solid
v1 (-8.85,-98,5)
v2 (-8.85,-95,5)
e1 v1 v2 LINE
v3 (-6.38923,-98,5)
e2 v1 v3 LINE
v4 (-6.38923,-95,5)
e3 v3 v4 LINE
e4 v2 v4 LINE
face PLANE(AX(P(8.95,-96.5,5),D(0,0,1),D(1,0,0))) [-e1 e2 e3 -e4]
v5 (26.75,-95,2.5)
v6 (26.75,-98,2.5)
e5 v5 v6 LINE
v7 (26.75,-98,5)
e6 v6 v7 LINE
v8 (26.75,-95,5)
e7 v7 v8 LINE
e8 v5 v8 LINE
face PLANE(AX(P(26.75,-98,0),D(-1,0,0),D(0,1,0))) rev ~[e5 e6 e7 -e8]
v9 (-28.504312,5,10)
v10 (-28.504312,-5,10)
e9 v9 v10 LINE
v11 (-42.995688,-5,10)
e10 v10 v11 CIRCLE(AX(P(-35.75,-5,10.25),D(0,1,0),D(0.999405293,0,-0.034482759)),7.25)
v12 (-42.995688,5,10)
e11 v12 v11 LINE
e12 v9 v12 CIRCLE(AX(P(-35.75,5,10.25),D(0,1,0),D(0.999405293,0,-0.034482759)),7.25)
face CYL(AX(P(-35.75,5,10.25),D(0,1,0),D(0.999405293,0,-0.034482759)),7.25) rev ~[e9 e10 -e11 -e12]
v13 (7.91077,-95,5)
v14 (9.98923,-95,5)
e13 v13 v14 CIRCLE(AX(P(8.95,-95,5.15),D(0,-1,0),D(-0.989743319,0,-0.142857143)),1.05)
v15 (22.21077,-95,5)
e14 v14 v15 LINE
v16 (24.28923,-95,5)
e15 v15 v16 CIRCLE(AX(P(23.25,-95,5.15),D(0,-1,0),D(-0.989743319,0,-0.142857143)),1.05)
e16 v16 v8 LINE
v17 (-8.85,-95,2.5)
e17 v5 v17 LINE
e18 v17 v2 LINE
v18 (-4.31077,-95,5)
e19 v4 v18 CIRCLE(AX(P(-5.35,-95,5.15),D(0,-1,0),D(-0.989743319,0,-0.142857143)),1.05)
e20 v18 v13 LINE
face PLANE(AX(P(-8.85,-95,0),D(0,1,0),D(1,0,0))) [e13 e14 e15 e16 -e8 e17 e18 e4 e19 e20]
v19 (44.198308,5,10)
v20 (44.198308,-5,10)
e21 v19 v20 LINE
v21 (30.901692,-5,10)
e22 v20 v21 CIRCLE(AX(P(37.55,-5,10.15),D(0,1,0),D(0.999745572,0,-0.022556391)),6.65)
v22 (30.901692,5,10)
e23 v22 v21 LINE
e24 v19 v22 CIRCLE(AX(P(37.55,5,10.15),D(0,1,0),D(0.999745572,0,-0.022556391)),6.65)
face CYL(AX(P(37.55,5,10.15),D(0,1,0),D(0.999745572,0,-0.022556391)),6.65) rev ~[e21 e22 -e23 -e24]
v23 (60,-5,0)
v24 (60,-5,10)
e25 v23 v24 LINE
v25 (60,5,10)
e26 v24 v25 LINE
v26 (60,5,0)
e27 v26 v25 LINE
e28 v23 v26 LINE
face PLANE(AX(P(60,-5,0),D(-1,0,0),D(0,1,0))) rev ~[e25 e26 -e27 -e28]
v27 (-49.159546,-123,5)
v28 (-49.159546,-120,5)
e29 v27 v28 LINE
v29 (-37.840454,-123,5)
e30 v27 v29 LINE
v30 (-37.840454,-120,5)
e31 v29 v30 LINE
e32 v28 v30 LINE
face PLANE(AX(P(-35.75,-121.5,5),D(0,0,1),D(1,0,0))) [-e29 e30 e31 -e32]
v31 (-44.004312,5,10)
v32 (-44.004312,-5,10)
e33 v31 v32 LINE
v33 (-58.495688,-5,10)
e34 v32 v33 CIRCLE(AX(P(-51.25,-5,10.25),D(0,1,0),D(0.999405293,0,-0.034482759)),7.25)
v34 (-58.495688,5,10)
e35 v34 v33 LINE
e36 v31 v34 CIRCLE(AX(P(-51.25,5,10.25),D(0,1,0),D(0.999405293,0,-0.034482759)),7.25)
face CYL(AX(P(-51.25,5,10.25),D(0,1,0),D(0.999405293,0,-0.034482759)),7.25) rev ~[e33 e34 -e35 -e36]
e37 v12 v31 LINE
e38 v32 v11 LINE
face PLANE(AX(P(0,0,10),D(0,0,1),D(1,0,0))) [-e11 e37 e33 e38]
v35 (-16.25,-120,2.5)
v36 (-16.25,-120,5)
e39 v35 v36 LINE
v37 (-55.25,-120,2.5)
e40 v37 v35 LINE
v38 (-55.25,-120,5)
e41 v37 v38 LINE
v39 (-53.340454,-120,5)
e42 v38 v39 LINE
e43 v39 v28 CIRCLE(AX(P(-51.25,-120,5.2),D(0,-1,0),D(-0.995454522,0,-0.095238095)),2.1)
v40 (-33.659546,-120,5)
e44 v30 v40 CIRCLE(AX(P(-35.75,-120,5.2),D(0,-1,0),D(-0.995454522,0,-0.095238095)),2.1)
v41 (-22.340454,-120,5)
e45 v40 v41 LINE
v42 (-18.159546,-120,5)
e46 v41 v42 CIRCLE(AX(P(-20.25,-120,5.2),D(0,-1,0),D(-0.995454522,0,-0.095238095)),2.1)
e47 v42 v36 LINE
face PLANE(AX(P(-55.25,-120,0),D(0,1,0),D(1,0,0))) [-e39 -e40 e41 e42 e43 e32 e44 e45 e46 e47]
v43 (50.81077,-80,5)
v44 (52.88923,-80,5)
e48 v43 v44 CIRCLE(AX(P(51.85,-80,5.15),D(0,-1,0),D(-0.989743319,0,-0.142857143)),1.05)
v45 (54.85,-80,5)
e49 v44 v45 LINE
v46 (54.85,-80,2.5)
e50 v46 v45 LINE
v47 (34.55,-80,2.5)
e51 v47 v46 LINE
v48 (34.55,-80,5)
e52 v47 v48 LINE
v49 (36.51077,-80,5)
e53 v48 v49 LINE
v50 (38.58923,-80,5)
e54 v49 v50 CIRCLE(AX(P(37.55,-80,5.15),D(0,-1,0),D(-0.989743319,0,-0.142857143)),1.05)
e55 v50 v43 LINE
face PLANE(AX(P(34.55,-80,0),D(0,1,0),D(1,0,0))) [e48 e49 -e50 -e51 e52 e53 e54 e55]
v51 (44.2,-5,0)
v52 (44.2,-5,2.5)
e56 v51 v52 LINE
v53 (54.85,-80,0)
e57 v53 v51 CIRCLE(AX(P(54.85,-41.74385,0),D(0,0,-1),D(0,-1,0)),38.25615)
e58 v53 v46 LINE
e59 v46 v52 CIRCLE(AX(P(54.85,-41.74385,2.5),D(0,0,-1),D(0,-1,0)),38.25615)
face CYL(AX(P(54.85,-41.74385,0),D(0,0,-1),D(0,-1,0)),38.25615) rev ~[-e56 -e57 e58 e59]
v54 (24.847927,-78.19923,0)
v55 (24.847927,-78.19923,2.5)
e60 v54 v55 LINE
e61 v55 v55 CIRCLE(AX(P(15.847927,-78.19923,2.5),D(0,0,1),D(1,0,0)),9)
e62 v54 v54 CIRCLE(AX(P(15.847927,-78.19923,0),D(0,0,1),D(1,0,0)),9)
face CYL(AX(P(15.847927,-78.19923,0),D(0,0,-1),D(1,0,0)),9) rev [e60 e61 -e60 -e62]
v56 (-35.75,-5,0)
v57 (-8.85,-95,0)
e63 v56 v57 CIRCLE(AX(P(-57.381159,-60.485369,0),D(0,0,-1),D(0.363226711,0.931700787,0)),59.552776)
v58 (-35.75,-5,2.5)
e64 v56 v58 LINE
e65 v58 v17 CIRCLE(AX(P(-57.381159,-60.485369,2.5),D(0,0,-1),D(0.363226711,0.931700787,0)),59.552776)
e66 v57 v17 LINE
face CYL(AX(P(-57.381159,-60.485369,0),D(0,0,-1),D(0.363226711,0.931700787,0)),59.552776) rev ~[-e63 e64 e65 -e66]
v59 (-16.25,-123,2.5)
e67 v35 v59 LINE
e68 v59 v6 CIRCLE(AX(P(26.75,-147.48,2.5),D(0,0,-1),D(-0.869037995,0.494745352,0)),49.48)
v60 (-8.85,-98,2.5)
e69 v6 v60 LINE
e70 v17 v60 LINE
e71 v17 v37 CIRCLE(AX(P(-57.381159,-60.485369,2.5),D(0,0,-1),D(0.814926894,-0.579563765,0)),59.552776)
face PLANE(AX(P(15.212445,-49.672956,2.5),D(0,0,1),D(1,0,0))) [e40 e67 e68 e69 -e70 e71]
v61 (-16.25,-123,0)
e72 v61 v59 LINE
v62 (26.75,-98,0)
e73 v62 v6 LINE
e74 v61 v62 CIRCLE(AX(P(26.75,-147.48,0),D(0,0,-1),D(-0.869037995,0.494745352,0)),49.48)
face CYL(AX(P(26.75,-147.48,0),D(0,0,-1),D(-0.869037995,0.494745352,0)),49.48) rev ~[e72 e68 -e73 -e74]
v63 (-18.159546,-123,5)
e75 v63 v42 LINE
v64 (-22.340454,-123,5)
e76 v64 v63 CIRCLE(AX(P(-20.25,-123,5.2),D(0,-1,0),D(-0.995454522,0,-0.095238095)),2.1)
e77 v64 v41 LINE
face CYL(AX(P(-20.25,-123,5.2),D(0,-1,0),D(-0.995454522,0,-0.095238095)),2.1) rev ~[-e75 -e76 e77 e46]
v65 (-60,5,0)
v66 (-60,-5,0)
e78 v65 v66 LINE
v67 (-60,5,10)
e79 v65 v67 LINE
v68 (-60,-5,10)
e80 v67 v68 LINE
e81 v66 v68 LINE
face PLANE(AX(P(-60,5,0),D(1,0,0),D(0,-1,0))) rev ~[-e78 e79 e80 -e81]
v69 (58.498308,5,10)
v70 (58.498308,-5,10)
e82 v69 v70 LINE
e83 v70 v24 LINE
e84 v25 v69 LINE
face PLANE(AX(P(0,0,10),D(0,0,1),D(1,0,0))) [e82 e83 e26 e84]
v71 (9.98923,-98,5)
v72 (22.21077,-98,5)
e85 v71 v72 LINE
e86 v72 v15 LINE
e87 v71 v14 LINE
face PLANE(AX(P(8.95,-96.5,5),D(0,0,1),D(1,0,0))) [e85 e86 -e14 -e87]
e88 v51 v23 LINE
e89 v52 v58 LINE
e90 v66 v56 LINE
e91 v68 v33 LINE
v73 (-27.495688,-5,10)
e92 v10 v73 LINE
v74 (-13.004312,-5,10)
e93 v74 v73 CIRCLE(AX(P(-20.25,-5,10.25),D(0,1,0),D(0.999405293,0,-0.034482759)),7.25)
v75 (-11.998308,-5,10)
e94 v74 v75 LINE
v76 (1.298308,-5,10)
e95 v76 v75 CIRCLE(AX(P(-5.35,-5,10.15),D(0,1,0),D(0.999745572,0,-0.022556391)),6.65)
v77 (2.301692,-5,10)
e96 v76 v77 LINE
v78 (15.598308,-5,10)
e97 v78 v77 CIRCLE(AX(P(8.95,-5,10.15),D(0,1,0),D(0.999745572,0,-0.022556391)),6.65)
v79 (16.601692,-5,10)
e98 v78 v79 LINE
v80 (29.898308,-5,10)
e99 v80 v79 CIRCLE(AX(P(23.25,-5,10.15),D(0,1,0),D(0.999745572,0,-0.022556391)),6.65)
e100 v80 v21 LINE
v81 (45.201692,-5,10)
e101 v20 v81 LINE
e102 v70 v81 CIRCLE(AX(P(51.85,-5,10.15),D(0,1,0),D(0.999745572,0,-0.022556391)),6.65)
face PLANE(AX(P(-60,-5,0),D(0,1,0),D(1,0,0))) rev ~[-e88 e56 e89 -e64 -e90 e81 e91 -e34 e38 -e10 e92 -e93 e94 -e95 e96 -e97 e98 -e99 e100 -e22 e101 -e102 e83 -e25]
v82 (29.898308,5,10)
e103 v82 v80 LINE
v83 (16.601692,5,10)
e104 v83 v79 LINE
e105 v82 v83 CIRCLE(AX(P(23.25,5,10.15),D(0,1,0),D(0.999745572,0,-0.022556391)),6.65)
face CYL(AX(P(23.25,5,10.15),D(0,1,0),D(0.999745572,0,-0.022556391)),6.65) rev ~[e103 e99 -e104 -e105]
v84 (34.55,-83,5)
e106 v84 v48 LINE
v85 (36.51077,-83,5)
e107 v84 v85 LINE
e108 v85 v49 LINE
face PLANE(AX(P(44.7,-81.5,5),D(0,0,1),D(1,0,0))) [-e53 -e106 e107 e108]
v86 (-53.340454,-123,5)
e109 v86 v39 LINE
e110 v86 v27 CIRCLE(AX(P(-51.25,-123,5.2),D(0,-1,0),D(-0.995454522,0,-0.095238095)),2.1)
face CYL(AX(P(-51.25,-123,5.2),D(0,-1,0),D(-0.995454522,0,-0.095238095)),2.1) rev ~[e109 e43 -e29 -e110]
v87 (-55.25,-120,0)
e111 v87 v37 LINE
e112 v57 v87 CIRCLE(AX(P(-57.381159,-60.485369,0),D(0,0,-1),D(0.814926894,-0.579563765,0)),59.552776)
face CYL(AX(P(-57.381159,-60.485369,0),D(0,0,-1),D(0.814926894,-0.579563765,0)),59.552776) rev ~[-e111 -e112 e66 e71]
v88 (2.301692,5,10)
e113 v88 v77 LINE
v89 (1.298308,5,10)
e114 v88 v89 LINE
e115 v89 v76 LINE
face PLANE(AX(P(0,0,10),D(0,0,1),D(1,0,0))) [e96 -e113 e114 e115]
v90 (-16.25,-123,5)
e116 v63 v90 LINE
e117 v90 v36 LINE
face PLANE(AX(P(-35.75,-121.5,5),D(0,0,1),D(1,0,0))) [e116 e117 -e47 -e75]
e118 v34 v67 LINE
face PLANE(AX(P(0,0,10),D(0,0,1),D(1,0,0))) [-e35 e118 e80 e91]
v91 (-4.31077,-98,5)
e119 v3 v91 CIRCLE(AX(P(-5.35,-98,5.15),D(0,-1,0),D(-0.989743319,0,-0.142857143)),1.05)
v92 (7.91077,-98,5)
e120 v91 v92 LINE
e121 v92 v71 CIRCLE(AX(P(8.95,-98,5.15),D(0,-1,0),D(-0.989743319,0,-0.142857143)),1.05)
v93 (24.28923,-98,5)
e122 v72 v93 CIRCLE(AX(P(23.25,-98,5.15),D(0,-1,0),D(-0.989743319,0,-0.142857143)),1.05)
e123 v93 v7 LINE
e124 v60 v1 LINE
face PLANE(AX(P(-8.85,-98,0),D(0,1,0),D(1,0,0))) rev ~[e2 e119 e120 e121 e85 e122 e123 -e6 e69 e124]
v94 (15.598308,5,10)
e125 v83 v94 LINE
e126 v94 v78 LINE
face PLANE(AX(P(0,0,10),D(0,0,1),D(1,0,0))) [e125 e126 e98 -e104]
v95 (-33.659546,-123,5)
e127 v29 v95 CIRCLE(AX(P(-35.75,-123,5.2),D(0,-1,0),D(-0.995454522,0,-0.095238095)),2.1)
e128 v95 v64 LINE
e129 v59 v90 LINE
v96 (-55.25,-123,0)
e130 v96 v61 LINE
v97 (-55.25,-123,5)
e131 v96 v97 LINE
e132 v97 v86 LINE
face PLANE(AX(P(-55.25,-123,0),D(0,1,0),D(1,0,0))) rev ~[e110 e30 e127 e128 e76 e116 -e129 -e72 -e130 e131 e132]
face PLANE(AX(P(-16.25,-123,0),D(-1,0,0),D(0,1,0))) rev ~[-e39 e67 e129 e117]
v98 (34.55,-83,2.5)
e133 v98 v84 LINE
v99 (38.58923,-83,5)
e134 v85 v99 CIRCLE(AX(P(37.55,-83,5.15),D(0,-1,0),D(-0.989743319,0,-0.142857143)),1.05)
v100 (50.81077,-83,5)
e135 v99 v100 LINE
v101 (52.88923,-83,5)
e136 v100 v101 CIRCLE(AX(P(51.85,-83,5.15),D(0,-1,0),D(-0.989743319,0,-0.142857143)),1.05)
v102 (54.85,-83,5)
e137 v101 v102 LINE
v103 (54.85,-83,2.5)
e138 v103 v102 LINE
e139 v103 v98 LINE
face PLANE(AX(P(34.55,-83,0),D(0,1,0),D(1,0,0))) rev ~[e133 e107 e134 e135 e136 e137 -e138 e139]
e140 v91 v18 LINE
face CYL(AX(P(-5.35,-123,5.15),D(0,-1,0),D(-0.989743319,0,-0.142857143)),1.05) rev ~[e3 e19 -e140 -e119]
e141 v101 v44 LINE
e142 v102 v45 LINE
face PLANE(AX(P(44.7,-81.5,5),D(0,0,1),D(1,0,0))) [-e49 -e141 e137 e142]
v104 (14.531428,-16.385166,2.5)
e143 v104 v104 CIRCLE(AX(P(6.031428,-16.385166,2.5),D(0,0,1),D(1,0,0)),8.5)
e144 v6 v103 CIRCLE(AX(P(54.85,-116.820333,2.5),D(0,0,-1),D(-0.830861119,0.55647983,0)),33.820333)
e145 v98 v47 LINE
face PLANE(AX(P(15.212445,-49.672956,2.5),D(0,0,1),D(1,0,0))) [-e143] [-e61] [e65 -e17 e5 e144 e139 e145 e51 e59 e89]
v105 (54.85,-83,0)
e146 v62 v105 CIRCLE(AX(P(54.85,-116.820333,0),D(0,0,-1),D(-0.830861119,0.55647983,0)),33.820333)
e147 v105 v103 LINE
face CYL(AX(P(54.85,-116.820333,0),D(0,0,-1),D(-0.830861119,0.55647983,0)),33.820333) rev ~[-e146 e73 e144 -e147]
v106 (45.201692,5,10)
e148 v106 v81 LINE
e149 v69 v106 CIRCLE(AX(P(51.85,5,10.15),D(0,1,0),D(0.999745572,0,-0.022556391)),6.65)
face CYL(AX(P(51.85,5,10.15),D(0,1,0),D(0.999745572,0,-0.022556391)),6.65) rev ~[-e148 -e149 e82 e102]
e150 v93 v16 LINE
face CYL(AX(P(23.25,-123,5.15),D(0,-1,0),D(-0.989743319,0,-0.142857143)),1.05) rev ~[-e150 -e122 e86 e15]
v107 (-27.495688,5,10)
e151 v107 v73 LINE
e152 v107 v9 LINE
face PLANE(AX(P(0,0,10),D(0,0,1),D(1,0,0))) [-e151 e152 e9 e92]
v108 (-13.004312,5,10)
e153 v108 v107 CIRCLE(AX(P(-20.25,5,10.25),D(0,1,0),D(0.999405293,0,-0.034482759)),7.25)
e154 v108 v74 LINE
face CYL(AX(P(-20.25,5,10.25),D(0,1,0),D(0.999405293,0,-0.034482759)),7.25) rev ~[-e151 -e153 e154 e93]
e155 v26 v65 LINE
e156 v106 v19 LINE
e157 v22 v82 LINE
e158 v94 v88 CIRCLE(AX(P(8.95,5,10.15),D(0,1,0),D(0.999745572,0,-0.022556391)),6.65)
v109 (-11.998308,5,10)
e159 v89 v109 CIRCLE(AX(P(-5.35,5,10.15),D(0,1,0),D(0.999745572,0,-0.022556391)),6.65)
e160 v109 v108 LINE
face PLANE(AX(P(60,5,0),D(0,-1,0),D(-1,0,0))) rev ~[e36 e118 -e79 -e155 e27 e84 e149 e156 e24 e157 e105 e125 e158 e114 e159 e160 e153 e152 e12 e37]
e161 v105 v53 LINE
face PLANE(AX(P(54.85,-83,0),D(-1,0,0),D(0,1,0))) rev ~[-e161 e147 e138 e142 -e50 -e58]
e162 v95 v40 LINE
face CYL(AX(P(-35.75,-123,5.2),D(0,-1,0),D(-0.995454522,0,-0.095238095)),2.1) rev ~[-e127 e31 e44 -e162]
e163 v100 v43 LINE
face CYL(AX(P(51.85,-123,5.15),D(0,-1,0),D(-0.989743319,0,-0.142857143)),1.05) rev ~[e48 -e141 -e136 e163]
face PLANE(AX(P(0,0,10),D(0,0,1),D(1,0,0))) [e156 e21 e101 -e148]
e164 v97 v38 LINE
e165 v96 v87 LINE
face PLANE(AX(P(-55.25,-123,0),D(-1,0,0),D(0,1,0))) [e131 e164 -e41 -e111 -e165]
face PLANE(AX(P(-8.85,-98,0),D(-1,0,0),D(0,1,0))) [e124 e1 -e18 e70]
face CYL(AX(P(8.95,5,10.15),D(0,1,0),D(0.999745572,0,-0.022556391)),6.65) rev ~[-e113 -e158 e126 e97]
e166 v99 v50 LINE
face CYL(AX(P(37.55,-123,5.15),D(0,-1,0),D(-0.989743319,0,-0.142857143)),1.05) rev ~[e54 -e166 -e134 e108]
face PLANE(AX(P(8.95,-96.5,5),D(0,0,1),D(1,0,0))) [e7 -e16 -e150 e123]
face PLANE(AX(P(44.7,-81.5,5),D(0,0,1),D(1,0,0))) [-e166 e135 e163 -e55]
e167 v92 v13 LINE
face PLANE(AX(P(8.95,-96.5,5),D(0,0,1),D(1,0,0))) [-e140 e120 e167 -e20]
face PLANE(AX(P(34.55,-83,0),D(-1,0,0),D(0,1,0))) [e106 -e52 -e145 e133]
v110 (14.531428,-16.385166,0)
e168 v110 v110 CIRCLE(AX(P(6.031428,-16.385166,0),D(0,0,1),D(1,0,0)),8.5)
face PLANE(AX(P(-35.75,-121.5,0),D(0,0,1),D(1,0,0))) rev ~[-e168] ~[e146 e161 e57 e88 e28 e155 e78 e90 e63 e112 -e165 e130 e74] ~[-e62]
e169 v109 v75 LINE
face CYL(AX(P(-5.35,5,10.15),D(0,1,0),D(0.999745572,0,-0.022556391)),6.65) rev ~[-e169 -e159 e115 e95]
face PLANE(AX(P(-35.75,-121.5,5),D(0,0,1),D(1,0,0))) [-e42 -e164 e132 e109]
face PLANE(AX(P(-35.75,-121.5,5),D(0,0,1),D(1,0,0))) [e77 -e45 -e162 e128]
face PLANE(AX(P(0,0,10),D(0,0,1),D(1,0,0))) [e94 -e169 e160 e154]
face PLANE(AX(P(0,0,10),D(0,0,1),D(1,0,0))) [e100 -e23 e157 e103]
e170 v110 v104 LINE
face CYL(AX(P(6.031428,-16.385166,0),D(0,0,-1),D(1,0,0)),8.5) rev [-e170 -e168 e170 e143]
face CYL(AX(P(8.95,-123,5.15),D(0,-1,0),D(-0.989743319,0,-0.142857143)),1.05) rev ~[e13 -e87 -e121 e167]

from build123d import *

# Parameters (mm, degrees)
F1_DEPTH = 10
F0_R     = 9
F0_R_2   = 8.5
F0_W     = 35.6
F0_H     = 3
F2_DEPTH = 2.5
F0_W_2   = 39
F0_W_3   = 20.3
F3_DEPTH = 5
F5_DEPTH = 10
F7_DEPTH = 43


with BuildPart() as f1:
    # F0 (on Top) → F1 (new body)
    with BuildSketch(Plane.XY):
        Polygon((-60, 5), (-60, -5), (-35.75, -5), (44.2, -5), (60, -5), (60, 5), (58.5, 5), (45.2, 5), (44.2, 5), (30.9, 5), (29.9, 5), (16.6, 5), (15.6, 5), (2.3, 5), (1.3, 5), (-12, 5), (-13, 5), (-27.5, 5), (-28.5, 5), (-43, 5), (-44, 5), (-58.5, 5), align=None)
    extrude(amount=F1_DEPTH)

    # F0 (on Top) → F2 (join)
    with BuildSketch(Plane.XY):
        with BuildLine():
            Line((44.2, -5), (-35.75, -5))
            ThreePointArc((-35.75, -5), (-0.3225250219, -43.4311769232), (-8.85, -95))
            Line((-8.85, -95), (26.75, -95))
            Line((26.75, -95), (26.75, -98))
            ThreePointArc((26.75, -98), (38.9235283255, -86.984743063), (54.85, -83))
            Line((54.85, -83), (34.55, -83))
            Line((34.55, -83), (34.55, -80))
            Line((34.55, -80), (54.85, -80))
            ThreePointArc((54.85, -80), (16.9738118998, -47.1222687102), (44.2, -5))
        make_face()
        with Locations((15.8479269594, -78.1992301345)):
            Circle(F0_R, mode=Mode.SUBTRACT)
        with Locations((6.0314284638, -16.3851659745)):
            Circle(F0_R_2, mode=Mode.SUBTRACT)
        with BuildLine():
            Line((-8.85, -98), (-8.85, -95))
            ThreePointArc((-8.85, -95), (-29.1337234425, -112.9126092907), (-55.25, -120))
            Line((-55.25, -120), (-16.25, -120))
            Line((-16.25, -120), (-16.25, -123))
            ThreePointArc((-16.25, -123), (1.8803397691, -104.7041844029), (26.75, -98))
            Line((26.75, -98), (-8.85, -98))
        make_face()
        with Locations((8.95, -96.5)):
            Rectangle(F0_W, F0_H)
    extrude(amount=F2_DEPTH)

    # F0 (on Top) → F3 (join)
    with BuildSketch(Plane.XY):
        with Locations((-35.75, -121.5)):
            Rectangle(F0_W_2, F0_H)
        with Locations((8.95, -96.5)):
            Rectangle(F0_W, F0_H)
        with Locations((44.7, -81.5)):
            Rectangle(F0_W_3, F0_H)
    extrude(amount=F3_DEPTH)

    # F4 (on face) → F5 (cut, through all)
    with BuildSketch(Plane(origin=(0, 5, 0), x_dir=(-1, 0, 0), z_dir=(0, 1, 0))):
        with BuildLine():
            Line((-45.2016919446, 10), (-58.4983080554, 10))
            ThreePointArc((-58.4983080554, 10), (-51.85, 3.5), (-45.2016919446, 10))
        make_face()
        with BuildLine():
            Line((-30.9016919446, 10), (-44.1983080554, 10))
            ThreePointArc((-44.1983080554, 10), (-37.55, 3.5), (-30.9016919446, 10))
        make_face()
        with BuildLine():
            Line((-16.6016919446, 10), (-29.8983080554, 10))
            ThreePointArc((-29.8983080554, 10), (-23.25, 3.5), (-16.6016919446, 10))
        make_face()
        with BuildLine():
            ThreePointArc((-15.5983080554, 10), (-8.95, 3.5), (-2.3016919446, 10))
            Line((-2.3016919446, 10), (-15.5983080554, 10))
        make_face()
        with BuildLine():
            ThreePointArc((-1.2983080554, 10), (5.35, 3.5), (11.9983080554, 10))
            Line((11.9983080554, 10), (-1.2983080554, 10))
        make_face()
        with BuildLine():
            ThreePointArc((13.0043116269, 10), (20.25, 3), (27.4956883731, 10))
            Line((27.4956883731, 10), (13.0043116269, 10))
        make_face()
        with BuildLine():
            ThreePointArc((28.5043116269, 10), (35.75, 3), (42.9956883731, 10))
            Line((42.9956883731, 10), (28.5043116269, 10))
        make_face()
        with BuildLine():
            ThreePointArc((44.0043116269, 10), (51.25, 3), (58.4956883731, 10))
            Line((58.4956883731, 10), (44.0043116269, 10))
        make_face()
    extrude(amount=-F5_DEPTH, mode=Mode.SUBTRACT)

    # F6 (on face) → F7 (cut, through all)
    with BuildSketch(Plane.XZ.offset(123)):
        with BuildLine():
            Line((-49.159545504, 5), (-53.340454496, 5))
            ThreePointArc((-53.340454496, 5), (-51.25, 3.1), (-49.159545504, 5))
        make_face()
        with BuildLine():
            Line((-33.659545504, 5), (-37.840454496, 5))
            ThreePointArc((-37.840454496, 5), (-35.75, 3.1), (-33.659545504, 5))
        make_face()
        with BuildLine():
            ThreePointArc((-22.340454496, 5), (-20.25, 3.1), (-18.159545504, 5))
            Line((-18.159545504, 5), (-22.340454496, 5))
        make_face()
        with BuildLine():
            Line((-4.3107695155, 5), (-6.3892304845, 5))
            ThreePointArc((-6.3892304845, 5), (-5.35, 4.1), (-4.3107695155, 5))
        make_face()
        with BuildLine():
            ThreePointArc((7.9107695155, 5), (8.95, 4.1), (9.9892304845, 5))
            Line((9.9892304845, 5), (7.9107695155, 5))
        make_face()
        with BuildLine():
            ThreePointArc((22.2107695155, 5), (23.25, 4.1), (24.2892304845, 5))
            Line((24.2892304845, 5), (22.2107695155, 5))
        make_face()
        with BuildLine():
            Line((38.5892304845, 5), (36.5107695155, 5))
            ThreePointArc((36.5107695155, 5), (37.55, 4.1), (38.5892304845, 5))
        make_face()
        with BuildLine():
            Line((52.8892304845, 5), (50.8107695155, 5))
            ThreePointArc((50.8107695155, 5), (51.85, 4.1), (52.8892304845, 5))
        make_face()
    extrude(amount=-F7_DEPTH, mode=Mode.SUBTRACT)


solid = f1.part
